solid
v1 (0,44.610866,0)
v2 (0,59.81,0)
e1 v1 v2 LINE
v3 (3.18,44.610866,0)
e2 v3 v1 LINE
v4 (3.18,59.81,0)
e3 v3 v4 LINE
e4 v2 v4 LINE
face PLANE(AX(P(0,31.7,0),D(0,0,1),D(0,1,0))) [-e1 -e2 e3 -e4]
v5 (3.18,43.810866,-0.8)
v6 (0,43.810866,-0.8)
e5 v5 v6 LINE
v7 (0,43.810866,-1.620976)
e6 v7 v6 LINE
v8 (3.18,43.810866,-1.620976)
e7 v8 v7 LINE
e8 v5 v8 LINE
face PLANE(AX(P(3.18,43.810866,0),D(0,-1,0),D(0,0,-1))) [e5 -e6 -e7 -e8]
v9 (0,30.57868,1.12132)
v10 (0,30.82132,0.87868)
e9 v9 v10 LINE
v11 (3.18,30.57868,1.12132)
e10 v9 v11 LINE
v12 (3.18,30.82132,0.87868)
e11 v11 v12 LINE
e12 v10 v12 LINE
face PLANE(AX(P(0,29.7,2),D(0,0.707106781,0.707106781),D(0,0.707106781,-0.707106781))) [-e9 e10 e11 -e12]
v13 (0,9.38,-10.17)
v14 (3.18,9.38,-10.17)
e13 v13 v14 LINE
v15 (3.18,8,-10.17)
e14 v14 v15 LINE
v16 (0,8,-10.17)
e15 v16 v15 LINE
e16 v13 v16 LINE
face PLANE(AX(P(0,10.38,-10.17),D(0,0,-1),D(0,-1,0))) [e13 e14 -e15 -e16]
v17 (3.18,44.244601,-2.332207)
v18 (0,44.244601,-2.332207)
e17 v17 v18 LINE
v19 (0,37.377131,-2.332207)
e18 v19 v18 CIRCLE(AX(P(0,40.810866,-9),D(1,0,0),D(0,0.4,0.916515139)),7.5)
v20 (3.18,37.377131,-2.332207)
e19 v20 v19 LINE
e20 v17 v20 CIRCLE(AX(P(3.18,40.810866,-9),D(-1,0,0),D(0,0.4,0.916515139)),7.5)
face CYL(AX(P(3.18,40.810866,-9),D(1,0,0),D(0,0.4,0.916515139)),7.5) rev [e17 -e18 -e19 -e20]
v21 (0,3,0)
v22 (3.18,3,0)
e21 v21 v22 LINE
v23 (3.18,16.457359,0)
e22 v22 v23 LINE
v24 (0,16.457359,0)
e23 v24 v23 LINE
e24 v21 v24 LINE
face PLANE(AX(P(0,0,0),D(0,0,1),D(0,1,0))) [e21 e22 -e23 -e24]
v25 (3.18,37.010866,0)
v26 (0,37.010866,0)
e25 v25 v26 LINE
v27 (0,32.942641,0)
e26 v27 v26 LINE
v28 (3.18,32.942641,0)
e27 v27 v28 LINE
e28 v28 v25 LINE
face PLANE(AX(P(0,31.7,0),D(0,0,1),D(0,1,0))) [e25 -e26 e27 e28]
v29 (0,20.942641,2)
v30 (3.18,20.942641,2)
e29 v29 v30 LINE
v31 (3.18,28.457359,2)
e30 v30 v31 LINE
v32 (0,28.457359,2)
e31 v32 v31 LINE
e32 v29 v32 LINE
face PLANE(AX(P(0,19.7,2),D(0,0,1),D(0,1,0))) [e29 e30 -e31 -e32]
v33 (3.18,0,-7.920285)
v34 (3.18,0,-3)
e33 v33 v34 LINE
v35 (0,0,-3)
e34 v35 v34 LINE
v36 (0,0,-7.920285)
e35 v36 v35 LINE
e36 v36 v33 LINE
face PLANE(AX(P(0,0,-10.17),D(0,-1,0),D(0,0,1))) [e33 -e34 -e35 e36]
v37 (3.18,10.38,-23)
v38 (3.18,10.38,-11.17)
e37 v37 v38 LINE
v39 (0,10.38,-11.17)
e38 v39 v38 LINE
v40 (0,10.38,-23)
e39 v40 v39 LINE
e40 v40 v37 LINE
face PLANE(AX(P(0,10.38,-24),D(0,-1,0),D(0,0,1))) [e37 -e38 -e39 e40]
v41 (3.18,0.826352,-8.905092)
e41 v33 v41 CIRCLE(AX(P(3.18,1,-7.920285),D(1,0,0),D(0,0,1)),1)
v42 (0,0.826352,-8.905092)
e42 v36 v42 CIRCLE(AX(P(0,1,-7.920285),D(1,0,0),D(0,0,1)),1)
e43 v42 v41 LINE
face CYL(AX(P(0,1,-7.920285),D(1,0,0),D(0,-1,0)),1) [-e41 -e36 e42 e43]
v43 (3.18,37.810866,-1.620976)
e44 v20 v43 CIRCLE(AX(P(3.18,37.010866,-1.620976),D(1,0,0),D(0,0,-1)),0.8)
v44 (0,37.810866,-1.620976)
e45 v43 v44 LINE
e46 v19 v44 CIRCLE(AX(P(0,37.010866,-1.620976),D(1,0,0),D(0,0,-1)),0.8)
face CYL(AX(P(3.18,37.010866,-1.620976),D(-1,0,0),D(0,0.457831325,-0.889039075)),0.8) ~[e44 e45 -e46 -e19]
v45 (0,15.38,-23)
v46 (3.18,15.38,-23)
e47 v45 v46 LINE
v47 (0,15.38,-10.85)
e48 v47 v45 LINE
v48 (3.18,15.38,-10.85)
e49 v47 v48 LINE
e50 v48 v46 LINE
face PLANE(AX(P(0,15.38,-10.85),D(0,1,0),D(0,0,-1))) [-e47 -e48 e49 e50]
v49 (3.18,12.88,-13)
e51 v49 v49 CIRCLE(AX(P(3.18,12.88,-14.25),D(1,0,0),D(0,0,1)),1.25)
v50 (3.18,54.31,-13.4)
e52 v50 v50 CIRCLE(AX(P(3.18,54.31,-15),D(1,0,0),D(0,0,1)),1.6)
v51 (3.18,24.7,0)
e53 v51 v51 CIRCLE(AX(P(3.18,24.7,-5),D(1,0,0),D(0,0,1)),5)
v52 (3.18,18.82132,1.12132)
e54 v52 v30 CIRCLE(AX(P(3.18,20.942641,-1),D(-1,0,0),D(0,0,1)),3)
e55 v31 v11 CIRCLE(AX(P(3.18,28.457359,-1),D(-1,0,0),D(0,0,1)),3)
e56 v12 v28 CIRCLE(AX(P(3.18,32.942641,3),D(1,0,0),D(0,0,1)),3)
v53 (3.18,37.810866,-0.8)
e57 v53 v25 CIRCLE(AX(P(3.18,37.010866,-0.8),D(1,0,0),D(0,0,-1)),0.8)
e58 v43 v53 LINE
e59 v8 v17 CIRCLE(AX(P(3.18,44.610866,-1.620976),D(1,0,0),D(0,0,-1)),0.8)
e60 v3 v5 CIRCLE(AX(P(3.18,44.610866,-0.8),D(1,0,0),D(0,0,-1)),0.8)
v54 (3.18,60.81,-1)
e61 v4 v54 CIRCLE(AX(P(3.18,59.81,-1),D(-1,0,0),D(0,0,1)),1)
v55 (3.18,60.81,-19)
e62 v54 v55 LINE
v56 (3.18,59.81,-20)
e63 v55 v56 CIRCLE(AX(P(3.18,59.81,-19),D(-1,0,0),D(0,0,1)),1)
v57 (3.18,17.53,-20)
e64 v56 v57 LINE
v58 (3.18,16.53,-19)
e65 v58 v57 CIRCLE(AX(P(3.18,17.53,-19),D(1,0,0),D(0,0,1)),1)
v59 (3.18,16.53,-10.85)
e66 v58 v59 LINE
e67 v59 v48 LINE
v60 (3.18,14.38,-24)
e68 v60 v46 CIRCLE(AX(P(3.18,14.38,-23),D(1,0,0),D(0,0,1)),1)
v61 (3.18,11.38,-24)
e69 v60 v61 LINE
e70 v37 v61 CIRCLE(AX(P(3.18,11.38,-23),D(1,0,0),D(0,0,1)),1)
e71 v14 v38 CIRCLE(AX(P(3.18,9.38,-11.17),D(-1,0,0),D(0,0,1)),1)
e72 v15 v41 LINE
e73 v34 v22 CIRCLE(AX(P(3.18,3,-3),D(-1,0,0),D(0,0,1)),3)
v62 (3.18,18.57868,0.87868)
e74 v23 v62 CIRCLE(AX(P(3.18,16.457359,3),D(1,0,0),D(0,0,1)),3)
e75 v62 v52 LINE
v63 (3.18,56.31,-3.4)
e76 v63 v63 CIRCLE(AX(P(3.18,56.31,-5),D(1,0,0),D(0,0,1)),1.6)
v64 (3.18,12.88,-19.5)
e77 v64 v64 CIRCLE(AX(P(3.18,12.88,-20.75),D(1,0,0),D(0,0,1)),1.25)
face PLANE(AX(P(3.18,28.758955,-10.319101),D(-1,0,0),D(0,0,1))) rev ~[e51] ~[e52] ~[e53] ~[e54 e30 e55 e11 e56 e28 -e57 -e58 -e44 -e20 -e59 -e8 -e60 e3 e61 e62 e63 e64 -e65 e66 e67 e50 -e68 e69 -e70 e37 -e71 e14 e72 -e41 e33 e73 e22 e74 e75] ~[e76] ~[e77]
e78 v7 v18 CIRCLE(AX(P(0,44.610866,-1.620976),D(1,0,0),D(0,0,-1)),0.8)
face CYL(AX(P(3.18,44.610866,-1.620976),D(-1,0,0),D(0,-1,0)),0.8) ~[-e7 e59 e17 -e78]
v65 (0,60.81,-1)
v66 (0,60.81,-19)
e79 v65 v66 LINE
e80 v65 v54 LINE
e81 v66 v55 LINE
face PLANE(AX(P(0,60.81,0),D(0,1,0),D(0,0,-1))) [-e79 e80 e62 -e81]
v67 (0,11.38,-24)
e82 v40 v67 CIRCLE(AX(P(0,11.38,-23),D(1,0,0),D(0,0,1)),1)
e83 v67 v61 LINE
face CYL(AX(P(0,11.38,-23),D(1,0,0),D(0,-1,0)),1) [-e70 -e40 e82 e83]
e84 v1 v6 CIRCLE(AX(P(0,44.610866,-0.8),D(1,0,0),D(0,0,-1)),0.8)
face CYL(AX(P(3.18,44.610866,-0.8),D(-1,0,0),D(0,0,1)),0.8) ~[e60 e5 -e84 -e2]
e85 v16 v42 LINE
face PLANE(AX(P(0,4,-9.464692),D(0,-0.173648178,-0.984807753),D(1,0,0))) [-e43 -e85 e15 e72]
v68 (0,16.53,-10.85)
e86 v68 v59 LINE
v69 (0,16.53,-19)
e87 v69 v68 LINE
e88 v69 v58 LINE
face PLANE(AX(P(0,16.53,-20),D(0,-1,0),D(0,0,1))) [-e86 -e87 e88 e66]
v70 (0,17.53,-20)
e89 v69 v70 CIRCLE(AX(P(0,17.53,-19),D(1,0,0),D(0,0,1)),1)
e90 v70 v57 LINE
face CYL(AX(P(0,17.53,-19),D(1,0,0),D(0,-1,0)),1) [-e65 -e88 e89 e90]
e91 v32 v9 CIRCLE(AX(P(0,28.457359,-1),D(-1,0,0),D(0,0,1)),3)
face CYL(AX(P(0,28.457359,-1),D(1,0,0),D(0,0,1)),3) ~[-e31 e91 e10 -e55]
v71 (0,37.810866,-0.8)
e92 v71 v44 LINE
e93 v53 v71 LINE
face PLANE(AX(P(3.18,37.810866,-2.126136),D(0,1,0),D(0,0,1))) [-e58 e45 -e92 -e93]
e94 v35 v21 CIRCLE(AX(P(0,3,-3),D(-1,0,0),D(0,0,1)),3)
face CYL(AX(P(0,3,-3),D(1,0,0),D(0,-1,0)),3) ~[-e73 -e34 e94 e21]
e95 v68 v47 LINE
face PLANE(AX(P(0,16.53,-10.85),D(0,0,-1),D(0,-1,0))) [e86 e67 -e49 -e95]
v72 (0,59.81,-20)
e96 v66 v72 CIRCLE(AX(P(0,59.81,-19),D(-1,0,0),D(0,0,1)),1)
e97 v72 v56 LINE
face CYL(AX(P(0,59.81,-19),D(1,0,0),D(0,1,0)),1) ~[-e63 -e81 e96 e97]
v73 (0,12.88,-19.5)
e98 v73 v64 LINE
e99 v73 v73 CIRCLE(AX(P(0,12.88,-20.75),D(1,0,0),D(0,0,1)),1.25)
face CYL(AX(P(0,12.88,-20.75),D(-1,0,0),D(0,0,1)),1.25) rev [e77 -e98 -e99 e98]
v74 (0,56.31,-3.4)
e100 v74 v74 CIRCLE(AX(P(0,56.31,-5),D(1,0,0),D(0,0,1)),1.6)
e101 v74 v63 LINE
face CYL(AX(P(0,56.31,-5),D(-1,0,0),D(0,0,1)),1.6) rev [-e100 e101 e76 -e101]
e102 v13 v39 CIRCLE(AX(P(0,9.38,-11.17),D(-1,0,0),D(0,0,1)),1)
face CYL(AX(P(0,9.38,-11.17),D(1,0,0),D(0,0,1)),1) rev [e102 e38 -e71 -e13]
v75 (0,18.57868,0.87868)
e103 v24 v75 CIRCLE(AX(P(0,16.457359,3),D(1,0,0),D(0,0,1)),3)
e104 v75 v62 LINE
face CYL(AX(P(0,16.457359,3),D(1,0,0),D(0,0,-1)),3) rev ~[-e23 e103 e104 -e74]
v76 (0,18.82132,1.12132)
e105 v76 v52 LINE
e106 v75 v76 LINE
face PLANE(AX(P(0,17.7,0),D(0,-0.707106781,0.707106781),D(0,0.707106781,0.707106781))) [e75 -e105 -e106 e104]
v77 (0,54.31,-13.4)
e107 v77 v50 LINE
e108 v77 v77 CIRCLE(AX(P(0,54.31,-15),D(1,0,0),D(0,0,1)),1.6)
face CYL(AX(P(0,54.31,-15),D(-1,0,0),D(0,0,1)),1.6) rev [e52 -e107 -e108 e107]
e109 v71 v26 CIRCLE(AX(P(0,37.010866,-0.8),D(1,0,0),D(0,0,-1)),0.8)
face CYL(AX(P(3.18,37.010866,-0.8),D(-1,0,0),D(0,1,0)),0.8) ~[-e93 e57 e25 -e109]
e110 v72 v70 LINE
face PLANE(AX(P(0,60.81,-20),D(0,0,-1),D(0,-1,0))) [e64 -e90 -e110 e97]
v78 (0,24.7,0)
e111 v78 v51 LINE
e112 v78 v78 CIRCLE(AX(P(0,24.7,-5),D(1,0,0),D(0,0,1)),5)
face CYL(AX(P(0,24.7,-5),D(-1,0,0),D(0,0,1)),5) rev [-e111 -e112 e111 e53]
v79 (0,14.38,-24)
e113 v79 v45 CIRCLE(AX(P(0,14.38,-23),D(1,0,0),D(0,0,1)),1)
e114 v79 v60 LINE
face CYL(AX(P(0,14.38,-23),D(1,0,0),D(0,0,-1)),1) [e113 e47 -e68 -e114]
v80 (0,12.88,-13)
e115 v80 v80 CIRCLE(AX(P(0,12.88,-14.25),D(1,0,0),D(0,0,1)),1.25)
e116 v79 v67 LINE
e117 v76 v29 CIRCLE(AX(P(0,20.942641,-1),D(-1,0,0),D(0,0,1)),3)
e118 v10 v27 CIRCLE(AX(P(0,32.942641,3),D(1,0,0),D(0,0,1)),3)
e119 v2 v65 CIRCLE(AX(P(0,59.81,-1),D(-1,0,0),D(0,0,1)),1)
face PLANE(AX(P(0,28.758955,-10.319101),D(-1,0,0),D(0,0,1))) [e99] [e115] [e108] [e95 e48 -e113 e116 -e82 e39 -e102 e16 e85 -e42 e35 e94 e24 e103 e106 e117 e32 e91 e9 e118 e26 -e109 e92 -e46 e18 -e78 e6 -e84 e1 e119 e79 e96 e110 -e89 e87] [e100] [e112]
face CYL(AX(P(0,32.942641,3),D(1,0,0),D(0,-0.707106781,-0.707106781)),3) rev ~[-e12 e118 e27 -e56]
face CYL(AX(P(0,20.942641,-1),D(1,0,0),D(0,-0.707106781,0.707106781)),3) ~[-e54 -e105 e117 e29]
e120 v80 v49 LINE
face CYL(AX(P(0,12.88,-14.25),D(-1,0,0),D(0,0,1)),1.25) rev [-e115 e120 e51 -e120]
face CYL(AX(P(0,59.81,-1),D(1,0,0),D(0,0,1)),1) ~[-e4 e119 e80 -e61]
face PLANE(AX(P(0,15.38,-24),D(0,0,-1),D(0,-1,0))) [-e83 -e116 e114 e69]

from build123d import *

# Parameters (mm, degrees)
SKETCH1_R           = 5
SKETCH1_R_2         = 1.6
SKETCH1_R_3         = 1.25
BOSS_EXTRUDE1_DEPTH = 3.18
CHAMFER1_SIZE       = 8
CHAMFER1_SIZE2      = 1.410615846
FILLET1_R           = 1
FILLET2_R           = 3
CUT_EXTRUDE5_DEPTH  = 66.452032054
FILLET3_R           = 0.8


with BuildPart() as part:
    # Sketch1 → Boss-Extrude1 (new body)
    with BuildSketch(Plane(origin=(0, 0, 0), x_dir=(0, 0, -1), z_dir=(1, 0, 0))):
        Polygon((0, 0), (0, 17.7), (-2, 19.7), (-2, 29.7), (0, 31.7), (0, 60.81), (20, 60.81), (20, 16.53), (10.85, 16.53), (10.85, 15.38), (24, 15.38), (24, 10.38), (10.17, 10.38), (10.17, 0), align=None)
        with Locations(Location((5, 24.7, 0), (0, 0, 180))):
            Circle(SKETCH1_R, mode=Mode.SUBTRACT)
        with Locations(Location((5, 56.31, 0), (0, 0, 180))):
            Circle(SKETCH1_R_2, mode=Mode.SUBTRACT)
        with Locations(Location((15, 54.31, 0), (0, 0, 180))):
            Circle(SKETCH1_R_2, mode=Mode.SUBTRACT)
        with Locations(Location((20.75, 12.88, 0), (0, 0, 180))):
            Circle(SKETCH1_R_3, mode=Mode.SUBTRACT)
        with Locations(Location((14.25, 12.88, 0), (0, 0, 180))):
            Circle(SKETCH1_R_3, mode=Mode.SUBTRACT)
    extrude(amount=BOSS_EXTRUDE1_DEPTH)

    # Chamfer1
    chamfer1_edges = [part.edges().sort_by_distance(p)[0] for p in [
        (1.59, 0, -10.17),
    ]]
    chamfer1_side = [part.faces().sort_by_distance(p)[0] for p in [
        (1.59, 5.19, -10.17),
    ]]
    chamfer(chamfer1_edges, length=CHAMFER1_SIZE, length2=CHAMFER1_SIZE2, reference=chamfer1_side[0])

    # Fillet1
    fillet1_edges = [part.edges().sort_by_distance(p)[0] for p in [
        (1.59, 60.81, 0),
        (1.59, 60.81, -20),
        (1.59, 16.53, -20),
        (1.59, 15.38, -24),
        (1.59, 10.38, -24),
        (1.59, 10.38, -10.17),
        (1.59, 0, -8.759384154),
    ]]
    fillet(fillet1_edges, radius=FILLET1_R)

    # Fillet2
    fillet2_edges = [part.edges().sort_by_distance(p)[0] for p in [
        (1.59, 0, 0),
        (1.59, 17.7, 0),
        (1.59, 19.7, 2),
        (1.59, 29.7, 2),
        (1.59, 31.7, 0),
    ]]
    fillet(fillet2_edges, radius=FILLET2_R)

    # Sketch8 → Cut-Extrude5 (cut, through all)
    with BuildSketch(Plane(origin=(3.18, 0, 0), x_dir=(0, 0, -1), z_dir=(1, 0, 0))):
        with BuildLine():
            Line((0, 43.810865899), (2.126136458, 43.810865899))
            ThreePointArc((2.126136458, 43.810865899), (16.5, 40.810865899), (2.126136458, 37.810865899))
            Line((2.126136458, 37.810865899), (0, 37.810865899))
            Line((0, 37.810865899), (0, 43.810865899))
        make_face()
    extrude(amount=-CUT_EXTRUDE5_DEPTH, mode=Mode.SUBTRACT)

    # Fillet3
    fillet3_edges = [part.edges().sort_by_distance(p)[0] for p in [
        (1.59, 37.810865899, 0),
        (1.59, 43.810865899, 0),
        (1.59, 43.810865899, -2.126136458),
        (1.59, 37.810865899, -2.126136458),
    ]]
    fillet(fillet3_edges, radius=FILLET3_R)


solid = part.part
